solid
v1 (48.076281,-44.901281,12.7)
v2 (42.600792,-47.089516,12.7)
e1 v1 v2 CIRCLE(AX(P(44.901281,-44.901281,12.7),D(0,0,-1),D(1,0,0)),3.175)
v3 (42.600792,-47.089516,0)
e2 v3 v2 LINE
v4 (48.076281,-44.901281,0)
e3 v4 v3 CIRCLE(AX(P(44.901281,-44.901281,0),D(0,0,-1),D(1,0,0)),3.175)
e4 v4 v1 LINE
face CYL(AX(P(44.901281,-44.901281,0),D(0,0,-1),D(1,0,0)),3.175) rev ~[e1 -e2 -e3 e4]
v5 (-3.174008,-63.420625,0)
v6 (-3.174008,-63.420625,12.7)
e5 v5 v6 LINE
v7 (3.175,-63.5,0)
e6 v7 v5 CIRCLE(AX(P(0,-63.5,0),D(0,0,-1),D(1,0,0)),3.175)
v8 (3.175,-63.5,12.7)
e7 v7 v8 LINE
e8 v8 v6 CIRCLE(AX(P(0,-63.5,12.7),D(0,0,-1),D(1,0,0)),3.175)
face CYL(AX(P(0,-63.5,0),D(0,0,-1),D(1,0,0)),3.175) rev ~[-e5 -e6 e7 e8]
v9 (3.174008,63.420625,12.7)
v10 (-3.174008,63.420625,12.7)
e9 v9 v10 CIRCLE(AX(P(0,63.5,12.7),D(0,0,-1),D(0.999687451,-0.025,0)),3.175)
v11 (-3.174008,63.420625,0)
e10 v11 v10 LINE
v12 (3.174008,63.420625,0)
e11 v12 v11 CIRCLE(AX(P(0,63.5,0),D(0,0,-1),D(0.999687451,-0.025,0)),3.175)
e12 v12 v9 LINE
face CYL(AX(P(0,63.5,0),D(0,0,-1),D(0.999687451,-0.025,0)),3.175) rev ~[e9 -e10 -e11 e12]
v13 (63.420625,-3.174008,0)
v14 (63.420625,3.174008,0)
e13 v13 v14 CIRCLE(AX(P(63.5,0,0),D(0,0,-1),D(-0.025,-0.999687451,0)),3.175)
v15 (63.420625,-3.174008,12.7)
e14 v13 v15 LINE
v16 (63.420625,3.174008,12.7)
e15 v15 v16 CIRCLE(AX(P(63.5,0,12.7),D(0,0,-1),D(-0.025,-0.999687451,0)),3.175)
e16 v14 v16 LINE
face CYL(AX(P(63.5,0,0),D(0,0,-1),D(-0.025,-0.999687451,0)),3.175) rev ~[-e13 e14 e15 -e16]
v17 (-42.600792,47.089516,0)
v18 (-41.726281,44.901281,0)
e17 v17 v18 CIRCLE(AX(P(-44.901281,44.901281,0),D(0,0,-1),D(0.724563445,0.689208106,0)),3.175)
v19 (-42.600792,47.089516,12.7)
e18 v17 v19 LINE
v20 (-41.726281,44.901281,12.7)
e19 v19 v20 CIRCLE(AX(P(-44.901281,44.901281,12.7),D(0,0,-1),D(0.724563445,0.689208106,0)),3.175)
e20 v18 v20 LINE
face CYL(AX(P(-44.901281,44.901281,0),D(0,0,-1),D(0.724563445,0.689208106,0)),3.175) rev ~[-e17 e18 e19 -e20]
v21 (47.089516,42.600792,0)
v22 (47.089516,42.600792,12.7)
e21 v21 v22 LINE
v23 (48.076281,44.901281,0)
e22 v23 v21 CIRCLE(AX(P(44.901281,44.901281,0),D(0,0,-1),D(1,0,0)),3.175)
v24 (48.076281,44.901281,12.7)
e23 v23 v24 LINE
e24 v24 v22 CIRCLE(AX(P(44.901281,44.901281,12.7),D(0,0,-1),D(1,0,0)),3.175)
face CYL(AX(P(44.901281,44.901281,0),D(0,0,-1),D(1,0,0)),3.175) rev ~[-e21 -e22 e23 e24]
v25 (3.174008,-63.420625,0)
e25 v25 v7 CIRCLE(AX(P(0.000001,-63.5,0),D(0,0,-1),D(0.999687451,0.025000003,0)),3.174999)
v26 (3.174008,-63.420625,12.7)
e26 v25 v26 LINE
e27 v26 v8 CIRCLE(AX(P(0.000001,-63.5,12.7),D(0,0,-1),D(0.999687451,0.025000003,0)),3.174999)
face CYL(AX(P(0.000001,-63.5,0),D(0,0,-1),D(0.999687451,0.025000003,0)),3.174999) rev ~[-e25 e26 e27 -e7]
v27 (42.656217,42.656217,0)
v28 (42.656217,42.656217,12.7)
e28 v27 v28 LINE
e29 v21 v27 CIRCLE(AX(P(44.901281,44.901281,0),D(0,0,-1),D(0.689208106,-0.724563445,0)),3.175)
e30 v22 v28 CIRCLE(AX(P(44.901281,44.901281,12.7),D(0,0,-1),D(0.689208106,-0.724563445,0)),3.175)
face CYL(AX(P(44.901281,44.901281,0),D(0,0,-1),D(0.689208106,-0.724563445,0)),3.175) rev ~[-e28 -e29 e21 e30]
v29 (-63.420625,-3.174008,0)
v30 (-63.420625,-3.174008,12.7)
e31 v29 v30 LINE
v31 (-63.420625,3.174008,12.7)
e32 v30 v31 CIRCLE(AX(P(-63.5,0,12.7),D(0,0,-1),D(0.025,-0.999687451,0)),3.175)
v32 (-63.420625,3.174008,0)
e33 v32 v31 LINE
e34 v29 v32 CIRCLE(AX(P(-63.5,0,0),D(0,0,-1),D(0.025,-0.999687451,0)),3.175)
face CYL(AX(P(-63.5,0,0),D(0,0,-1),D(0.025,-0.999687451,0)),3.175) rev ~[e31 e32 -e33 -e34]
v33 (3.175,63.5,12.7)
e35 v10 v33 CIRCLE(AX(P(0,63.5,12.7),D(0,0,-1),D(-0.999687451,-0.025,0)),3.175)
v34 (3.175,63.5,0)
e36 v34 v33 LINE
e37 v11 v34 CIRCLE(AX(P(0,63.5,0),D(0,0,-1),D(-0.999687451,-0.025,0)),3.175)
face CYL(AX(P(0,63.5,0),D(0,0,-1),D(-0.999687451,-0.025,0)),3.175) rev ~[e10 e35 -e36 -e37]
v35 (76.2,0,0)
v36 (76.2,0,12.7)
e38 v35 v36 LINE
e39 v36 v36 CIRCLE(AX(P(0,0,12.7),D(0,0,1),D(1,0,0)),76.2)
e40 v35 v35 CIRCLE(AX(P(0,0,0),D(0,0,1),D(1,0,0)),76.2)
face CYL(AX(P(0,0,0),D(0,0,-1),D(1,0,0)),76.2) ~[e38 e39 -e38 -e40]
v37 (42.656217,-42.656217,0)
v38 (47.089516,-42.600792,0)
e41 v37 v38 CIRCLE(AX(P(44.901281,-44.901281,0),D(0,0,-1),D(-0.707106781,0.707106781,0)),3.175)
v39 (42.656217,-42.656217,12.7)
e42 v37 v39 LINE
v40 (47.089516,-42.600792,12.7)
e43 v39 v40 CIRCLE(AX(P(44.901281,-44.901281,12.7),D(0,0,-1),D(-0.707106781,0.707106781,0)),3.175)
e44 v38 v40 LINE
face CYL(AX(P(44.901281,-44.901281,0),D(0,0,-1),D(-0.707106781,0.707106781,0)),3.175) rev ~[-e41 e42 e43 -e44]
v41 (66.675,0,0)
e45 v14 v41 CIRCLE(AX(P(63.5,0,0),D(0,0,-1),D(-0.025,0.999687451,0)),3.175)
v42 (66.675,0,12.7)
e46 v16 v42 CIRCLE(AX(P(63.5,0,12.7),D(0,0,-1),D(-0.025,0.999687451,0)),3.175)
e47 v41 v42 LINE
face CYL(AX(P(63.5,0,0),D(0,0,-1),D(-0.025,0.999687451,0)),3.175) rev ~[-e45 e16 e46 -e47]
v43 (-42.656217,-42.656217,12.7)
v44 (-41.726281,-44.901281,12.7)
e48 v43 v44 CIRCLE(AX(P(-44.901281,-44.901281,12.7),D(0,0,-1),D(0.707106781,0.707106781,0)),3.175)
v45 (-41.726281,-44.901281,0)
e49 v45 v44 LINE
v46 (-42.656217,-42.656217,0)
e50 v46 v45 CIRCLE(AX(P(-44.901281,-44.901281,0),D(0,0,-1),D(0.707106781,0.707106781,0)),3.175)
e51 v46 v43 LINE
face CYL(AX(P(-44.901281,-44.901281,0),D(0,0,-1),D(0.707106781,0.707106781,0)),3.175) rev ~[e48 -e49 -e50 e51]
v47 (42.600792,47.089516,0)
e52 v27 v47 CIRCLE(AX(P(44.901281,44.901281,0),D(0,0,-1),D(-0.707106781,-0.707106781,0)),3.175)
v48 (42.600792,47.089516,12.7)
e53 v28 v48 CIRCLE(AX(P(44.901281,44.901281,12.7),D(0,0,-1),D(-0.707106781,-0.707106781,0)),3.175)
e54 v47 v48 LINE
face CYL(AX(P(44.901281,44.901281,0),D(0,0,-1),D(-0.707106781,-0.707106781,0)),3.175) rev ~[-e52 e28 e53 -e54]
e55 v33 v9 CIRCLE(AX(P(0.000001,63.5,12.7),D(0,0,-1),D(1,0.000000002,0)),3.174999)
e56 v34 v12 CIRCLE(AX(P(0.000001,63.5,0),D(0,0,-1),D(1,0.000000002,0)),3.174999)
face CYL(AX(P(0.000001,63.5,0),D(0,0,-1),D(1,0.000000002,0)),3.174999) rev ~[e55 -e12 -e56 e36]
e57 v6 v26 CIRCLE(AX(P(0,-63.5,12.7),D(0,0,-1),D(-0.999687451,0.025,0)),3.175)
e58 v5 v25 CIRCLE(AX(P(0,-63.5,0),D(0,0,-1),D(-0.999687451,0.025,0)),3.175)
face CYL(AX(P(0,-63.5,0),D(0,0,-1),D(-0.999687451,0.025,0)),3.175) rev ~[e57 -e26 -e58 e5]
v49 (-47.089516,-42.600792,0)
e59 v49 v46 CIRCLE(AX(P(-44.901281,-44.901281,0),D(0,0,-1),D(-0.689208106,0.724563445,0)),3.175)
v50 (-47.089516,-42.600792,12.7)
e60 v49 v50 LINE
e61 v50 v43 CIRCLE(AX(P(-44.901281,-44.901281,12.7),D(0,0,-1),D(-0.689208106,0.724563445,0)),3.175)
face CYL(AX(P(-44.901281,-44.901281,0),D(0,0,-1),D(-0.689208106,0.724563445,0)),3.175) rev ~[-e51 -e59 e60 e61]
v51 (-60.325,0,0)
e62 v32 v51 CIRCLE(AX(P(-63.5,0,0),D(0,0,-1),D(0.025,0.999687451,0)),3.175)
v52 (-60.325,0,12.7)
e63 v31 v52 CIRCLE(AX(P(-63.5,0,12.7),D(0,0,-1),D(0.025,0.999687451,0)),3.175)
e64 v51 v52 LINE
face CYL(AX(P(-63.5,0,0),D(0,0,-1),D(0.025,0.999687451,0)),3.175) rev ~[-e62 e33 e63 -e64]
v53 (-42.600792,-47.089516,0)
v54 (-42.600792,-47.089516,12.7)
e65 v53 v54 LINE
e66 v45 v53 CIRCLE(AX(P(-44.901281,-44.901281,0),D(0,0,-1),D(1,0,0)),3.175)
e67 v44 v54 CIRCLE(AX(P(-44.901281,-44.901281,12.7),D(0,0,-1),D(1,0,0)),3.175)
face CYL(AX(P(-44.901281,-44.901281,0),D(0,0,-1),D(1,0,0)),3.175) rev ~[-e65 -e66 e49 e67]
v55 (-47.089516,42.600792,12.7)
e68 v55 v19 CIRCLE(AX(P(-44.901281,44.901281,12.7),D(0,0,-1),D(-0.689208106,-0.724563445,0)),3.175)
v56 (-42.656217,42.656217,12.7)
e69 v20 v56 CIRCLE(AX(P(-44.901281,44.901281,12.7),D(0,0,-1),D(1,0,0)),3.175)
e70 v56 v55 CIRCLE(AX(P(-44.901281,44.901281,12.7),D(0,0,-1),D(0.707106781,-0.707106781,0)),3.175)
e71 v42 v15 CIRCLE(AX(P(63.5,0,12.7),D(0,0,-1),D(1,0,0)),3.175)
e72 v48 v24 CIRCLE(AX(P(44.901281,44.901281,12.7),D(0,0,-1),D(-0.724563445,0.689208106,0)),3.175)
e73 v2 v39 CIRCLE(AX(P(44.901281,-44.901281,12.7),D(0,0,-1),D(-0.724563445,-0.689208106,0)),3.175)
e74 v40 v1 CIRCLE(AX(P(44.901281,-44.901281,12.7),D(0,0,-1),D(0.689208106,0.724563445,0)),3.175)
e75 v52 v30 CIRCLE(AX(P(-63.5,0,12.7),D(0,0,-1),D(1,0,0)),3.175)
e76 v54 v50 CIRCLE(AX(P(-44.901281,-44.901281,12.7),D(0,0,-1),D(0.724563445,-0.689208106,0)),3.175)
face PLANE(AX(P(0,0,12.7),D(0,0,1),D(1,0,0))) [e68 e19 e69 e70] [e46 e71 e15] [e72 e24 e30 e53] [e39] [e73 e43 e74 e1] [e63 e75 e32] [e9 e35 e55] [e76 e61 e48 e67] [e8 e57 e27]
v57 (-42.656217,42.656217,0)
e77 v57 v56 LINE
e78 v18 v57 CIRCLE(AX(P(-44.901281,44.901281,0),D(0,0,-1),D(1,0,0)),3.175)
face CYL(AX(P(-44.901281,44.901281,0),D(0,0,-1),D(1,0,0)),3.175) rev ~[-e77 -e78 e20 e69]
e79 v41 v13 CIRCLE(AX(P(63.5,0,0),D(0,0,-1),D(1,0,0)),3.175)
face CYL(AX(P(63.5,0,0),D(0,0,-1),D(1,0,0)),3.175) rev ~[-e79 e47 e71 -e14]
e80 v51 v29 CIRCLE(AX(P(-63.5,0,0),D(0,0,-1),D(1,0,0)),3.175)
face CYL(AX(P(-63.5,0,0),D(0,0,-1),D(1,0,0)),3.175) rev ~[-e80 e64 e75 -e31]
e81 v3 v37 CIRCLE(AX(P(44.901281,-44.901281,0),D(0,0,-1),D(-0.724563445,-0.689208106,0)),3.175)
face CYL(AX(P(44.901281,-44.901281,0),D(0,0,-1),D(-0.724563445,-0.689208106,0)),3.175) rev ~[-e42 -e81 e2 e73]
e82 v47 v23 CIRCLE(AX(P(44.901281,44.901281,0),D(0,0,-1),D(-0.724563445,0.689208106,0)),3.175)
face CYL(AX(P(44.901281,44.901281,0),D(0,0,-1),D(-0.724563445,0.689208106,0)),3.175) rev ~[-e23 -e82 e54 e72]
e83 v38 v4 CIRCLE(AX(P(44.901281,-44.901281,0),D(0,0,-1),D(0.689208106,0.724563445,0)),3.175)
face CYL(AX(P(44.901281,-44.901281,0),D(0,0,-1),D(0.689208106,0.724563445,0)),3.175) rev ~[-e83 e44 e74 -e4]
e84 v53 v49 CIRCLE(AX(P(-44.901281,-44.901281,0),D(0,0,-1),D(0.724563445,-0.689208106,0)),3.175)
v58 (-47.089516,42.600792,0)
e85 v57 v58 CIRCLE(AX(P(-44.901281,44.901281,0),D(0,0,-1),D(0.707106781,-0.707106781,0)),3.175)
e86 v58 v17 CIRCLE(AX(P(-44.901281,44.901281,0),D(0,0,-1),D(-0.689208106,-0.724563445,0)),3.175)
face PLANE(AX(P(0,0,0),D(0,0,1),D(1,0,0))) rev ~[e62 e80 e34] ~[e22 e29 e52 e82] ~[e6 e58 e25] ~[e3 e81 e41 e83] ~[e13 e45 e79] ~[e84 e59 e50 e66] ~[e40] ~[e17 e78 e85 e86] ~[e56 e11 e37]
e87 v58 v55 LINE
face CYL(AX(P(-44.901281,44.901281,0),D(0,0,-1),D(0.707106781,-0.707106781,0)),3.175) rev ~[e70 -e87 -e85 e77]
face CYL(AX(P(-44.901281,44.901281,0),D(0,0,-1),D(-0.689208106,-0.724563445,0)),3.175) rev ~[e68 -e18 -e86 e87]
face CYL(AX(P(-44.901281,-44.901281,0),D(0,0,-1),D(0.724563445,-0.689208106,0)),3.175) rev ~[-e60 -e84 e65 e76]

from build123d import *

# Parameters (mm, degrees)
F0_R     = 76.2
F1_DEPTH = 12.7


with BuildPart() as f1:
    # F0 (on Top) → F1 (new body)
    with BuildSketch(Plane.XY):
        Circle(F0_R)
        with BuildLine():
            ThreePointArc((47.0895163427, 42.6007916665), (58.6663503145, 24.3003979552), (63.420625, 3.1740076574))
            ThreePointArc((63.420625, 3.1740076574), (65.7168231069, 2.2729540938), (66.675, 0))
            ThreePointArc((66.675, 0), (65.7168231069, -2.2729540938), (63.420625, -3.1740076574))
            ThreePointArc((63.420625, -3.1740076574), (58.6663503145, -24.3003979552), (47.0895163427, -42.6007916665))
            ThreePointArc((47.0895163427, -42.6007916665), (47.8191799753, -43.6496863153), (48.0762806053, -44.9012806053))
            ThreePointArc((48.0762806053, -44.9012806053), (46.0795362268, -47.8495578465), (42.6007916665, -47.0895163427))
            ThreePointArc((42.6007916665, -47.0895163427), (24.3003979552, -58.6663503145), (3.1740076574, -63.420625))
            ThreePointArc((3.1740076574, -63.420625), (3.1747519047, -63.4603093986), (3.175, -63.5))
            ThreePointArc((3.175, -63.5), (-0.0396906014, -66.6747519047), (-3.1740076574, -63.420625))
            ThreePointArc((-3.1740076574, -63.420625), (-24.3003979552, -58.6663503145), (-42.6007916665, -47.0895163427))
            ThreePointArc((-42.6007916665, -47.0895163427), (-47.1463446356, -47.1463446356), (-47.0895163427, -42.6007916665))
            ThreePointArc((-47.0895163427, -42.6007916665), (-58.6663503145, -24.3003979552), (-63.420625, -3.1740076574))
            ThreePointArc((-63.420625, -3.1740076574), (-66.675, 0), (-63.420625, 3.1740076574))
            ThreePointArc((-63.420625, 3.1740076574), (-58.6663503145, 24.3003979552), (-47.0895163427, 42.6007916665))
            ThreePointArc((-47.0895163427, 42.6007916665), (-47.1463446356, 47.1463446356), (-42.6007916665, 47.0895163427))
            ThreePointArc((-42.6007916665, 47.0895163427), (-24.3003979552, 58.6663503145), (-3.1740076574, 63.420625))
            ThreePointArc((-3.1740076574, 63.420625), (-0.0396906014, 66.6747519047), (3.175, 63.5))
            ThreePointArc((3.175, 63.5), (3.1747519047, 63.4603093986), (3.1740076574, 63.420625))
            ThreePointArc((3.1740076574, 63.420625), (24.3003979552, 58.6663503145), (42.6007916665, 47.0895163427))
            ThreePointArc((42.6007916665, 47.0895163427), (46.0795362268, 47.8495578465), (48.0762806053, 44.9012806053))
            ThreePointArc((48.0762806053, 44.9012806053), (47.8191799753, 43.6496863153), (47.0895163427, 42.6007916665))
        make_face(mode=Mode.SUBTRACT)
        with BuildLine():
            Line((-42.6562165751, -42.6562165751), (0, 0))
            Line((0, 0), (-42.6562165751, 42.6562165751))
            ThreePointArc((-42.6562165751, 42.6562165751), (-44.8615900039, 41.7265287007), (-47.0895163427, 42.6007916665))
            ThreePointArc((-47.0895163427, 42.6007916665), (-58.6663503145, 24.3003979552), (-63.420625, 3.1740076574))
            ThreePointArc((-63.420625, 3.1740076574), (-61.2270459062, 2.2168231069), (-60.325, 0))
            ThreePointArc((-60.325, 0), (-61.2270459062, -2.2168231069), (-63.420625, -3.1740076574))
            ThreePointArc((-63.420625, -3.1740076574), (-58.6663503145, -24.3003979552), (-47.0895163427, -42.6007916665))
            ThreePointArc((-47.0895163427, -42.6007916665), (-44.8615900039, -41.7265287007), (-42.6562165751, -42.6562165751))
        make_face()
        with BuildLine():
            ThreePointArc((42.6007916665, -47.0895163427), (41.7265287007, -44.8615900039), (42.6562165751, -42.6562165751))
            Line((42.6562165751, -42.6562165751), (0, 0))
            Line((0, 0), (-42.6562165751, -42.6562165751))
            ThreePointArc((-42.6562165751, -42.6562165751), (-41.9679630896, -43.6862607076), (-41.7262806053, -44.9012806053))
            ThreePointArc((-41.7262806053, -44.9012806053), (-41.9530033642, -46.0795362268), (-42.6007916665, -47.0895163427))
            ThreePointArc((-42.6007916665, -47.0895163427), (-24.3003979552, -58.6663503145), (-3.1740076574, -63.420625))
            ThreePointArc((-3.1740076574, -63.420625), (0, -60.325), (3.1740076574, -63.420625))
            ThreePointArc((3.1740076574, -63.420625), (24.3003979552, -58.6663503145), (42.6007916665, -47.0895163427))
        make_face()
        with BuildLine():
            ThreePointArc((63.420625, -3.1740076574), (60.325, 0), (63.420625, 3.1740076574))
            ThreePointArc((63.420625, 3.1740076574), (58.6663503145, 24.3003979552), (47.0895163427, 42.6007916665))
            ThreePointArc((47.0895163427, 42.6007916665), (44.8615900039, 41.7265287007), (42.6562165751, 42.6562165751))
            Line((42.6562165751, 42.6562165751), (0, 0))
            Line((0, 0), (42.6562165751, -42.6562165751))
            ThreePointArc((42.6562165751, -42.6562165751), (44.8615900039, -41.7265287007), (47.0895163427, -42.6007916665))
            ThreePointArc((47.0895163427, -42.6007916665), (58.6663503145, -24.3003979552), (63.420625, -3.1740076574))
        make_face()
        with BuildLine():
            Line((0, 0), (42.6562165751, 42.6562165751))
            ThreePointArc((42.6562165751, 42.6562165751), (41.7265287007, 44.8615900039), (42.6007916665, 47.0895163427))
            ThreePointArc((42.6007916665, 47.0895163427), (24.3003979552, 58.6663503145), (3.1740076574, 63.420625))
            ThreePointArc((3.1740076574, 63.420625), (0, 60.325), (-3.1740076574, 63.420625))
            ThreePointArc((-3.1740076574, 63.420625), (-24.3003979552, 58.6663503145), (-42.6007916665, 47.0895163427))
            ThreePointArc((-42.6007916665, 47.0895163427), (-41.9530033642, 46.0795362268), (-41.7262806053, 44.9012806053))
            ThreePointArc((-41.7262806053, 44.9012806053), (-41.9679630896, 43.6862607076), (-42.6562165751, 42.6562165751))
            Line((-42.6562165751, 42.6562165751), (0, 0))
        make_face()
    extrude(amount=F1_DEPTH)


solid = f1.part
